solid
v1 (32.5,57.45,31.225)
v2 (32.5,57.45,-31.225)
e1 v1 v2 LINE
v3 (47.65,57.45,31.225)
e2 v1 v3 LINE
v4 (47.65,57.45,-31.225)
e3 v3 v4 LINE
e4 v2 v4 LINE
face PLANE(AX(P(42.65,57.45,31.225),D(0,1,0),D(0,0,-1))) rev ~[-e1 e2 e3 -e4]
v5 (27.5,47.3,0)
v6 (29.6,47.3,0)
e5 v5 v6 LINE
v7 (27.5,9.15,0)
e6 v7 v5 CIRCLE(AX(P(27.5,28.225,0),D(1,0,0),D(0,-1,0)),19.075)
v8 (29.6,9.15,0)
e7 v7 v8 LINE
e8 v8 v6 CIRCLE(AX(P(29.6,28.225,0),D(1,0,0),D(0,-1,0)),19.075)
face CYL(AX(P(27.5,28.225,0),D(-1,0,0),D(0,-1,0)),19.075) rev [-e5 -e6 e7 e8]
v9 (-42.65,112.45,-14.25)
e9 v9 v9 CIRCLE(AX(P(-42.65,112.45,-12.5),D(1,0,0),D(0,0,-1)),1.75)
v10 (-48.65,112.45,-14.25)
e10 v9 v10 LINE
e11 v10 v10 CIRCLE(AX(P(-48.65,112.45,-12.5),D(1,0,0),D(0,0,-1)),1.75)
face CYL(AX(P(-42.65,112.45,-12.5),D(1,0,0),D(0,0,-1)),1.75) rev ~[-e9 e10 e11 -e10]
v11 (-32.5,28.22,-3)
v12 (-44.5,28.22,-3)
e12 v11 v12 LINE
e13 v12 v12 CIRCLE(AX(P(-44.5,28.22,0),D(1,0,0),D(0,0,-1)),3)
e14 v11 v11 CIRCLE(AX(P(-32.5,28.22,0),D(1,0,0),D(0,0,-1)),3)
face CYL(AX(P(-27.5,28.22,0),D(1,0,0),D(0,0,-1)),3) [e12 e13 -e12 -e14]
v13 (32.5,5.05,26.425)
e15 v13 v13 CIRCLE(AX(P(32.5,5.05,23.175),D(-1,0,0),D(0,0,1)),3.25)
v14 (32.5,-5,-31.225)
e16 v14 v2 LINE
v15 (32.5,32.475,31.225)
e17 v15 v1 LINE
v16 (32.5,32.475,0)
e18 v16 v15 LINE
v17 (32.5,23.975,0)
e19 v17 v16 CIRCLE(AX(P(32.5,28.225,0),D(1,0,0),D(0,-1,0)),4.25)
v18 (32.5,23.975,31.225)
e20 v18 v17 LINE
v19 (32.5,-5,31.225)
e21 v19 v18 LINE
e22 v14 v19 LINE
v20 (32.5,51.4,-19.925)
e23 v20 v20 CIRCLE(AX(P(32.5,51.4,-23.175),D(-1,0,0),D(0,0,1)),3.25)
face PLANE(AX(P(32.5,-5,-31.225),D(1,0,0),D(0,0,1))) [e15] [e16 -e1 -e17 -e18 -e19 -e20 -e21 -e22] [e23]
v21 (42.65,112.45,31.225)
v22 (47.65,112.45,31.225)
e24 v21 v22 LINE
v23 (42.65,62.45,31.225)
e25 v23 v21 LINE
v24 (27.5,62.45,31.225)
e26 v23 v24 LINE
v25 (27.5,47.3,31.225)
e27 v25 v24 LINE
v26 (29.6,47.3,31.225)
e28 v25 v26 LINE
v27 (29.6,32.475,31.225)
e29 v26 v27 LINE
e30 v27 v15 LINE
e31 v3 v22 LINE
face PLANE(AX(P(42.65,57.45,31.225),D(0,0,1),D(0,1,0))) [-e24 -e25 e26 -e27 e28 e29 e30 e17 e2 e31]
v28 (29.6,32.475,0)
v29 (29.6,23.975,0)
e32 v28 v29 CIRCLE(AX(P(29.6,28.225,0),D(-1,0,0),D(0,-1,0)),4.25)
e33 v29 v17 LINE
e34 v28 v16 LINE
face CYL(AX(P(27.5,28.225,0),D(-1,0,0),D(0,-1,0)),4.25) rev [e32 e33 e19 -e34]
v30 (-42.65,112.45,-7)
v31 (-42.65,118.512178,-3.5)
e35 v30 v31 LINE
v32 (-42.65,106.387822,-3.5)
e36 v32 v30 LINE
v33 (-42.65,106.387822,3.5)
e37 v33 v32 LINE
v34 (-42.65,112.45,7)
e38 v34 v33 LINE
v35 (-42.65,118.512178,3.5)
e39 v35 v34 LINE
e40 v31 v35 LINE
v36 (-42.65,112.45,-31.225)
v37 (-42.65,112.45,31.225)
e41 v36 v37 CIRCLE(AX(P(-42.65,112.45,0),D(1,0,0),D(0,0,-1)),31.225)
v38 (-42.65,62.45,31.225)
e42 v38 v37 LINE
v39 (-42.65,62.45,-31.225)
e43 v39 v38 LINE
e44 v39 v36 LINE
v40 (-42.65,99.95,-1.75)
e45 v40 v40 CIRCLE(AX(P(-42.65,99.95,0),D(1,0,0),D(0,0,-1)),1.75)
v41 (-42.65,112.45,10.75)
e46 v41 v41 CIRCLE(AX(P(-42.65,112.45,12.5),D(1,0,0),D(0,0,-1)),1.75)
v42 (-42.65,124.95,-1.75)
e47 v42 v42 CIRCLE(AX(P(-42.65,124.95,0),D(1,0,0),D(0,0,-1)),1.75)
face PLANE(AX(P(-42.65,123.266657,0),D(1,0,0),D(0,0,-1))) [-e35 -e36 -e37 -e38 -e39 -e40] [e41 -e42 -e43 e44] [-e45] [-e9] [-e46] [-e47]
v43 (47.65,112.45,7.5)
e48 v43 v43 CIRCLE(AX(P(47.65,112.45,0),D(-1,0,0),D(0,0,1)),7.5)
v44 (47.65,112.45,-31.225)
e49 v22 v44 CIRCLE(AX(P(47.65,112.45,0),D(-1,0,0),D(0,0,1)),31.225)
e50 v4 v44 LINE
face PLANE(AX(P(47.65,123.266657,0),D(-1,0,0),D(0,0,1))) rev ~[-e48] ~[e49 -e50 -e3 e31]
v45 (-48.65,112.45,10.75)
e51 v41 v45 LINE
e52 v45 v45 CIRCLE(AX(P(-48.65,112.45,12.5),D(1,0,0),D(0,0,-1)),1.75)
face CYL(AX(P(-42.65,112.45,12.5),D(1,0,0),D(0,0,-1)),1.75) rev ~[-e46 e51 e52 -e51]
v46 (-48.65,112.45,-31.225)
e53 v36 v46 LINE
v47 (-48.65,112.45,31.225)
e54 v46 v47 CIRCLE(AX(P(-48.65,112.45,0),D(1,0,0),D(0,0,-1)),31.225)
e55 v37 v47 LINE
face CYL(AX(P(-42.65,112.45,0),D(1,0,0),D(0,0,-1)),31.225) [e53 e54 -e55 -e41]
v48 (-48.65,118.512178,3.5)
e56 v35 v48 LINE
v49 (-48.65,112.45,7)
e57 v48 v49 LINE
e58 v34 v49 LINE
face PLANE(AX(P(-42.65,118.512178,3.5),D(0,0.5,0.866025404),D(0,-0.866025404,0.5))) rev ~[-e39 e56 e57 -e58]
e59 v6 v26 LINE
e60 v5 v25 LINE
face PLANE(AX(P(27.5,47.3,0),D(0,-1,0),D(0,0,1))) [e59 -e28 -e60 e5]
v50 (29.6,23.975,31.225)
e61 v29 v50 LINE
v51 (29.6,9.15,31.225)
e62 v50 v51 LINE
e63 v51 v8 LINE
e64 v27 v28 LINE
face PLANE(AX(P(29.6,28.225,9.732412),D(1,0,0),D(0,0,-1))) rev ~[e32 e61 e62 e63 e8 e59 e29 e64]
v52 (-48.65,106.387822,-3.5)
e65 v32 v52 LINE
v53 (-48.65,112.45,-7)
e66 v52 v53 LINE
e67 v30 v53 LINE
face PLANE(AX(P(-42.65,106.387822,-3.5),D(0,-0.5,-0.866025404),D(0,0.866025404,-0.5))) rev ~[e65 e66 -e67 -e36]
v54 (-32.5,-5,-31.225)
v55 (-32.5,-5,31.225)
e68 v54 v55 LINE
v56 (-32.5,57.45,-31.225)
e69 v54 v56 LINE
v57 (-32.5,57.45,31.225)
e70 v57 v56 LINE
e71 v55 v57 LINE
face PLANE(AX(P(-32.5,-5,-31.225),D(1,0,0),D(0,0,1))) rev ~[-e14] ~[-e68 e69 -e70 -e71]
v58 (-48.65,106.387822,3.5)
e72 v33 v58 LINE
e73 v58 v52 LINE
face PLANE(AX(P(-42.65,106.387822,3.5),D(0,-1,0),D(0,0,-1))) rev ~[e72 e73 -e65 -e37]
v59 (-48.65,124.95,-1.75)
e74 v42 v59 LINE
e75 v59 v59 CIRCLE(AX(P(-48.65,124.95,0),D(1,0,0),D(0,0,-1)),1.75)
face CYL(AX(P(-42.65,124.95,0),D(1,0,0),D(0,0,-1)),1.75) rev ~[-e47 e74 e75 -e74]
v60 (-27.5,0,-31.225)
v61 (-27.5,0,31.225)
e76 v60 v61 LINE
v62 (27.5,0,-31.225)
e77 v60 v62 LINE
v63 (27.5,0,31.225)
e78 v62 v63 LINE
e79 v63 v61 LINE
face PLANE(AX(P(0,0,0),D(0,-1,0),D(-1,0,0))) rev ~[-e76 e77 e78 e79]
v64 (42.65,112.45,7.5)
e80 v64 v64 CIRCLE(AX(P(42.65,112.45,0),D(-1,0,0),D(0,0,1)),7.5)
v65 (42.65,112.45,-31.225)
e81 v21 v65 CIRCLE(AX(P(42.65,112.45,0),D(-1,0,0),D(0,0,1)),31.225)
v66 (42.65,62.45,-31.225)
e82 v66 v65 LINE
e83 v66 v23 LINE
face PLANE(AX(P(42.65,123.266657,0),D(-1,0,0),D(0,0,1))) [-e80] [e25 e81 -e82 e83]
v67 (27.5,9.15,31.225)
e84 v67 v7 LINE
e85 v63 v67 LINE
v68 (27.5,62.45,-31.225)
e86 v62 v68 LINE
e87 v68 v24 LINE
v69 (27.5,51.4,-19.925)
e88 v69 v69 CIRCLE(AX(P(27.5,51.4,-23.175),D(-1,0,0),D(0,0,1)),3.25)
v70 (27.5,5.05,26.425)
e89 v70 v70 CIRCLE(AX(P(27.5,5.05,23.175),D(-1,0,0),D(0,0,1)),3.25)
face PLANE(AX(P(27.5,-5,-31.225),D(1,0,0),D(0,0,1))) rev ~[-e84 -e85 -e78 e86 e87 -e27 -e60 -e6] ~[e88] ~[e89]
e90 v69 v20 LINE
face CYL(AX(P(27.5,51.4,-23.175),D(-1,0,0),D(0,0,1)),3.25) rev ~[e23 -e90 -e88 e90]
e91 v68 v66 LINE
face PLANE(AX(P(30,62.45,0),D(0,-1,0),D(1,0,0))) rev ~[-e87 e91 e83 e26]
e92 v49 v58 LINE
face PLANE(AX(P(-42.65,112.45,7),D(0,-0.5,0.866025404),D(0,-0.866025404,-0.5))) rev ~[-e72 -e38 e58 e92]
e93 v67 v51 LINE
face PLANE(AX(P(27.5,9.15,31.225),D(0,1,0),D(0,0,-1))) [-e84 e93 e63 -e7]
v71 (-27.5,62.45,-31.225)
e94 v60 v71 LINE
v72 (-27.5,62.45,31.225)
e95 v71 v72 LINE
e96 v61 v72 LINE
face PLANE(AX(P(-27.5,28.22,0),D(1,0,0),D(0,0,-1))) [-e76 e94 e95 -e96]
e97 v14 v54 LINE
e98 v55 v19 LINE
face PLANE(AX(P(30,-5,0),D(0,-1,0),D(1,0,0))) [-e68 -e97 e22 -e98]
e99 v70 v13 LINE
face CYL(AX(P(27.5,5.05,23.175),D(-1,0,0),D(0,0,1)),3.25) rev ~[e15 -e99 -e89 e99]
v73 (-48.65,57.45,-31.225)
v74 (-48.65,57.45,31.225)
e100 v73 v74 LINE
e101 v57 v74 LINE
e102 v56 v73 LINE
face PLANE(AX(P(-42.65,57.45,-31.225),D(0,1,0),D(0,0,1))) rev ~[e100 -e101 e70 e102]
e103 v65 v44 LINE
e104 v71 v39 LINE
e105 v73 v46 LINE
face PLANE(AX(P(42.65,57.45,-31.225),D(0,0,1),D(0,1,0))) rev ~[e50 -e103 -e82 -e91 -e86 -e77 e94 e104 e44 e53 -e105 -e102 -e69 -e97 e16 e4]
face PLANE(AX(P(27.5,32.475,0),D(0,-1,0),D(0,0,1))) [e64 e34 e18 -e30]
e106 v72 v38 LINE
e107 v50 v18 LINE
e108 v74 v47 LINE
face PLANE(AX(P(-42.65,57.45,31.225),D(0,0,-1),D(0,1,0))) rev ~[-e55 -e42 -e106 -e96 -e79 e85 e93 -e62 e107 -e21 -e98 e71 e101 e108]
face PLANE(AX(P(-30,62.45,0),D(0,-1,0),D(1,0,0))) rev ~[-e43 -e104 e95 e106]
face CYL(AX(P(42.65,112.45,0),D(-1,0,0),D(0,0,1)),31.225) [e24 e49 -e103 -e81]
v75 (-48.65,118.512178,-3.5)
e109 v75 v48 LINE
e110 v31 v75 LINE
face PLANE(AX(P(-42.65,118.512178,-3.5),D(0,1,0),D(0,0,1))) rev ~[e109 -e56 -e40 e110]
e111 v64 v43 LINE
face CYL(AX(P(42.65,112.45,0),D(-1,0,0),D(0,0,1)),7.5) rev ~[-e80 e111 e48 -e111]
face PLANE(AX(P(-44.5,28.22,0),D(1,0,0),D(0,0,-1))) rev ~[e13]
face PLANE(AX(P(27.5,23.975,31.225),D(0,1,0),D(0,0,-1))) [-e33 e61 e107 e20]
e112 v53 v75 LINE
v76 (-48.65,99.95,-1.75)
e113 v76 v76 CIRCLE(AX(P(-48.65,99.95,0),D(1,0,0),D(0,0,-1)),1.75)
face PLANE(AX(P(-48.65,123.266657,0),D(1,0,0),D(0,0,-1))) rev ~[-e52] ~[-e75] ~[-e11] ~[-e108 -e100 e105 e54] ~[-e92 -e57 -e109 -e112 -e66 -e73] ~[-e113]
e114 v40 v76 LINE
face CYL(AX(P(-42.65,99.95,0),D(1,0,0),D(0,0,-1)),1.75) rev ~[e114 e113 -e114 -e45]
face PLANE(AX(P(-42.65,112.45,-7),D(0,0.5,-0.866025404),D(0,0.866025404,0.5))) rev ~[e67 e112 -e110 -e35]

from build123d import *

# Parameters (mm, degrees)
BOSS_EXTRUDE1_DEPTH = 5
SKETCH2_W           = 5
SKETCH2_H           = 62.45
BOSS_EXTRUDE2_DEPTH = 67.45
SKETCH6_R           = 3.25
CUT_EXTRUDE4_DEPTH  = 5
CUT_EXTRUDE5_DEPTH  = 2.1
CUT_EXTRUDE6_DEPTH  = 5
SKETCH8_W           = 15.15
SKETCH8_H           = 5
BOSS_EXTRUDE3_DEPTH = 62.45
SKETCH9_W           = 62.45
SKETCH9_H           = 55
BOSS_EXTRUDE4_DEPTH = 6
SKETCH10_W          = 62.45
SKETCH10_H          = 55
BOSS_EXTRUDE5_DEPTH = 5
BOSS_EXTRUDE6_DEPTH = 6
CUT_EXTRUDE7_DEPTH  = 6
BOSS_EXTRUDE7_DEPTH = 5
SKETCH14_R          = 7.5
CUT_EXTRUDE8_DEPTH  = 5
SKETCH12_3_R        = 1.75
CUT_EXTRUDE9_DEPTH  = 6
SKETCH16_R          = 3
BOSS_EXTRUDE8_DEPTH = 17


with BuildPart() as part:
    # Sketch1 → Boss-Extrude1 (new body)
    with BuildSketch(Plane(origin=(0, 0, 0), x_dir=(1, 0, 0), z_dir=(0, 1, 0))):
        Polygon((-27.5, 0), (-27.5, 31.225), (27.5, 31.225), (27.5, -31.225), (-27.5, -31.225), align=None)
    extrude(amount=-BOSS_EXTRUDE1_DEPTH)

    # Sketch2 → Boss-Extrude2 (add)
    with BuildSketch(Plane.XZ.offset(5)):
        with Locations((30, 0)):
            Rectangle(SKETCH2_W, SKETCH2_H)
        with Locations((-30, 0)):
            Rectangle(SKETCH2_W, SKETCH2_H)
    extrude(amount=-BOSS_EXTRUDE2_DEPTH)

    # Sketch6 → Cut-Extrude4 (cut)
    with BuildSketch(Plane.ZY.offset(-27.5)):
        with Locations((-23.175, 51.4)):
            Circle(SKETCH6_R)
        with Locations((23.175, 5.05)):
            Circle(SKETCH6_R)
    extrude(amount=-CUT_EXTRUDE4_DEPTH, mode=Mode.SUBTRACT)

    # Sketch7 → Cut-Extrude5 (cut)
    with BuildSketch(Plane.ZY.offset(-27.5)):
        with BuildLine():
            Line((0, 47.3), (31.225, 47.3))
            Line((31.225, 47.3), (31.225, 9.15))
            Line((31.225, 9.15), (0, 9.15))
            ThreePointArc((0, 9.15), (-19.075, 28.225), (0, 47.3))
        make_face()
    extrude(amount=-CUT_EXTRUDE5_DEPTH, mode=Mode.SUBTRACT)

    # Sketch7<3> → Cut-Extrude6 (cut)
    with BuildSketch(Plane.ZY.offset(-27.5)):
        with BuildLine():
            Line((0, 32.475), (31.225, 32.475))
            Line((31.225, 32.475), (31.225, 23.975))
            Line((31.225, 23.975), (0, 23.975))
            ThreePointArc((0, 23.975), (-4.25, 28.225), (0, 32.475))
        make_face()
    extrude(amount=-CUT_EXTRUDE6_DEPTH, mode=Mode.SUBTRACT)

    # Sketch8 → Boss-Extrude3 (add)
    with BuildSketch(Plane(origin=(0, 0, -31.225), x_dir=(-1, 0, 0), z_dir=(0, 0, -1))):
        with Locations((35.075, 59.95)):
            Rectangle(SKETCH8_W, SKETCH8_H)
        with Locations((-35.075, 59.95)):
            Rectangle(SKETCH8_W, SKETCH8_H)
    extrude(amount=-BOSS_EXTRUDE3_DEPTH)

    # Sketch9 → Boss-Extrude4 (add)
    with BuildSketch(Plane.ZY.offset(42.65)):
        with Locations((0, 84.95)):
            Rectangle(SKETCH9_W, SKETCH9_H)
    extrude(amount=BOSS_EXTRUDE4_DEPTH)

    # Sketch10 → Boss-Extrude5 (add)
    with BuildSketch(Plane(origin=(42.65, 0, 0), x_dir=(0, 0, -1), z_dir=(1, 0, 0))):
        with Locations((0, 84.95)):
            Rectangle(SKETCH10_W, SKETCH10_H)
    extrude(amount=BOSS_EXTRUDE5_DEPTH)

    # Sketch11 → Boss-Extrude6 (add)
    with BuildSketch(Plane(origin=(-42.65, 0, 0), x_dir=(0, 0, -1), z_dir=(1, 0, 0))):
        with BuildLine():
            Line((-31.225, 112.45), (31.225, 112.45))
            ThreePointArc((31.225, 112.45), (0, 143.675), (-31.225, 112.45))
        make_face()
    extrude(amount=-BOSS_EXTRUDE6_DEPTH)

    # Sketch12 → Cut-Extrude7 (cut)
    with BuildSketch(Plane(origin=(-42.65, 0, 0), x_dir=(0, 0, -1), z_dir=(1, 0, 0))):
        Polygon((7, 112.45), (3.5, 118.512177826), (-3.5, 118.512177826), (-7, 112.45), (-3.5, 106.387822174), (3.5, 106.387822174), align=None)
    extrude(amount=-CUT_EXTRUDE7_DEPTH, mode=Mode.SUBTRACT)

    # Sketch13 → Boss-Extrude7 (add)
    with BuildSketch(Plane.ZY.offset(-42.65)):
        with BuildLine():
            Line((-31.225, 112.45), (31.225, 112.45))
            ThreePointArc((31.225, 112.45), (0, 143.675), (-31.225, 112.45))
        make_face()
    extrude(amount=-BOSS_EXTRUDE7_DEPTH)

    # Sketch14 → Cut-Extrude8 (cut)
    with BuildSketch(Plane.ZY.offset(-42.65)):
        with Locations((0, 112.45)):
            Circle(SKETCH14_R)
    extrude(amount=-CUT_EXTRUDE8_DEPTH, mode=Mode.SUBTRACT)

    # Sketch12<3> → Cut-Extrude9 (cut)
    with BuildSketch(Plane(origin=(-42.65, 0, 0), x_dir=(0, 0, -1), z_dir=(1, 0, 0))):
        with Locations((0, 124.95)):
            Circle(SKETCH12_3_R)
        with Locations((-12.5, 112.45)):
            Circle(SKETCH12_3_R)
        with Locations((0, 99.95)):
            Circle(SKETCH12_3_R)
        with Locations((12.5, 112.45)):
            Circle(SKETCH12_3_R)
    extrude(amount=-CUT_EXTRUDE9_DEPTH, mode=Mode.SUBTRACT)

    # Sketch16 → Boss-Extrude8 (add)
    with BuildSketch(Plane(origin=(-27.5, 0, 0), x_dir=(0, 0, -1), z_dir=(1, 0, 0))):
        with Locations((0, 28.22)):
            Circle(SKETCH16_R)
    extrude(amount=-BOSS_EXTRUDE8_DEPTH)


solid = part.part
